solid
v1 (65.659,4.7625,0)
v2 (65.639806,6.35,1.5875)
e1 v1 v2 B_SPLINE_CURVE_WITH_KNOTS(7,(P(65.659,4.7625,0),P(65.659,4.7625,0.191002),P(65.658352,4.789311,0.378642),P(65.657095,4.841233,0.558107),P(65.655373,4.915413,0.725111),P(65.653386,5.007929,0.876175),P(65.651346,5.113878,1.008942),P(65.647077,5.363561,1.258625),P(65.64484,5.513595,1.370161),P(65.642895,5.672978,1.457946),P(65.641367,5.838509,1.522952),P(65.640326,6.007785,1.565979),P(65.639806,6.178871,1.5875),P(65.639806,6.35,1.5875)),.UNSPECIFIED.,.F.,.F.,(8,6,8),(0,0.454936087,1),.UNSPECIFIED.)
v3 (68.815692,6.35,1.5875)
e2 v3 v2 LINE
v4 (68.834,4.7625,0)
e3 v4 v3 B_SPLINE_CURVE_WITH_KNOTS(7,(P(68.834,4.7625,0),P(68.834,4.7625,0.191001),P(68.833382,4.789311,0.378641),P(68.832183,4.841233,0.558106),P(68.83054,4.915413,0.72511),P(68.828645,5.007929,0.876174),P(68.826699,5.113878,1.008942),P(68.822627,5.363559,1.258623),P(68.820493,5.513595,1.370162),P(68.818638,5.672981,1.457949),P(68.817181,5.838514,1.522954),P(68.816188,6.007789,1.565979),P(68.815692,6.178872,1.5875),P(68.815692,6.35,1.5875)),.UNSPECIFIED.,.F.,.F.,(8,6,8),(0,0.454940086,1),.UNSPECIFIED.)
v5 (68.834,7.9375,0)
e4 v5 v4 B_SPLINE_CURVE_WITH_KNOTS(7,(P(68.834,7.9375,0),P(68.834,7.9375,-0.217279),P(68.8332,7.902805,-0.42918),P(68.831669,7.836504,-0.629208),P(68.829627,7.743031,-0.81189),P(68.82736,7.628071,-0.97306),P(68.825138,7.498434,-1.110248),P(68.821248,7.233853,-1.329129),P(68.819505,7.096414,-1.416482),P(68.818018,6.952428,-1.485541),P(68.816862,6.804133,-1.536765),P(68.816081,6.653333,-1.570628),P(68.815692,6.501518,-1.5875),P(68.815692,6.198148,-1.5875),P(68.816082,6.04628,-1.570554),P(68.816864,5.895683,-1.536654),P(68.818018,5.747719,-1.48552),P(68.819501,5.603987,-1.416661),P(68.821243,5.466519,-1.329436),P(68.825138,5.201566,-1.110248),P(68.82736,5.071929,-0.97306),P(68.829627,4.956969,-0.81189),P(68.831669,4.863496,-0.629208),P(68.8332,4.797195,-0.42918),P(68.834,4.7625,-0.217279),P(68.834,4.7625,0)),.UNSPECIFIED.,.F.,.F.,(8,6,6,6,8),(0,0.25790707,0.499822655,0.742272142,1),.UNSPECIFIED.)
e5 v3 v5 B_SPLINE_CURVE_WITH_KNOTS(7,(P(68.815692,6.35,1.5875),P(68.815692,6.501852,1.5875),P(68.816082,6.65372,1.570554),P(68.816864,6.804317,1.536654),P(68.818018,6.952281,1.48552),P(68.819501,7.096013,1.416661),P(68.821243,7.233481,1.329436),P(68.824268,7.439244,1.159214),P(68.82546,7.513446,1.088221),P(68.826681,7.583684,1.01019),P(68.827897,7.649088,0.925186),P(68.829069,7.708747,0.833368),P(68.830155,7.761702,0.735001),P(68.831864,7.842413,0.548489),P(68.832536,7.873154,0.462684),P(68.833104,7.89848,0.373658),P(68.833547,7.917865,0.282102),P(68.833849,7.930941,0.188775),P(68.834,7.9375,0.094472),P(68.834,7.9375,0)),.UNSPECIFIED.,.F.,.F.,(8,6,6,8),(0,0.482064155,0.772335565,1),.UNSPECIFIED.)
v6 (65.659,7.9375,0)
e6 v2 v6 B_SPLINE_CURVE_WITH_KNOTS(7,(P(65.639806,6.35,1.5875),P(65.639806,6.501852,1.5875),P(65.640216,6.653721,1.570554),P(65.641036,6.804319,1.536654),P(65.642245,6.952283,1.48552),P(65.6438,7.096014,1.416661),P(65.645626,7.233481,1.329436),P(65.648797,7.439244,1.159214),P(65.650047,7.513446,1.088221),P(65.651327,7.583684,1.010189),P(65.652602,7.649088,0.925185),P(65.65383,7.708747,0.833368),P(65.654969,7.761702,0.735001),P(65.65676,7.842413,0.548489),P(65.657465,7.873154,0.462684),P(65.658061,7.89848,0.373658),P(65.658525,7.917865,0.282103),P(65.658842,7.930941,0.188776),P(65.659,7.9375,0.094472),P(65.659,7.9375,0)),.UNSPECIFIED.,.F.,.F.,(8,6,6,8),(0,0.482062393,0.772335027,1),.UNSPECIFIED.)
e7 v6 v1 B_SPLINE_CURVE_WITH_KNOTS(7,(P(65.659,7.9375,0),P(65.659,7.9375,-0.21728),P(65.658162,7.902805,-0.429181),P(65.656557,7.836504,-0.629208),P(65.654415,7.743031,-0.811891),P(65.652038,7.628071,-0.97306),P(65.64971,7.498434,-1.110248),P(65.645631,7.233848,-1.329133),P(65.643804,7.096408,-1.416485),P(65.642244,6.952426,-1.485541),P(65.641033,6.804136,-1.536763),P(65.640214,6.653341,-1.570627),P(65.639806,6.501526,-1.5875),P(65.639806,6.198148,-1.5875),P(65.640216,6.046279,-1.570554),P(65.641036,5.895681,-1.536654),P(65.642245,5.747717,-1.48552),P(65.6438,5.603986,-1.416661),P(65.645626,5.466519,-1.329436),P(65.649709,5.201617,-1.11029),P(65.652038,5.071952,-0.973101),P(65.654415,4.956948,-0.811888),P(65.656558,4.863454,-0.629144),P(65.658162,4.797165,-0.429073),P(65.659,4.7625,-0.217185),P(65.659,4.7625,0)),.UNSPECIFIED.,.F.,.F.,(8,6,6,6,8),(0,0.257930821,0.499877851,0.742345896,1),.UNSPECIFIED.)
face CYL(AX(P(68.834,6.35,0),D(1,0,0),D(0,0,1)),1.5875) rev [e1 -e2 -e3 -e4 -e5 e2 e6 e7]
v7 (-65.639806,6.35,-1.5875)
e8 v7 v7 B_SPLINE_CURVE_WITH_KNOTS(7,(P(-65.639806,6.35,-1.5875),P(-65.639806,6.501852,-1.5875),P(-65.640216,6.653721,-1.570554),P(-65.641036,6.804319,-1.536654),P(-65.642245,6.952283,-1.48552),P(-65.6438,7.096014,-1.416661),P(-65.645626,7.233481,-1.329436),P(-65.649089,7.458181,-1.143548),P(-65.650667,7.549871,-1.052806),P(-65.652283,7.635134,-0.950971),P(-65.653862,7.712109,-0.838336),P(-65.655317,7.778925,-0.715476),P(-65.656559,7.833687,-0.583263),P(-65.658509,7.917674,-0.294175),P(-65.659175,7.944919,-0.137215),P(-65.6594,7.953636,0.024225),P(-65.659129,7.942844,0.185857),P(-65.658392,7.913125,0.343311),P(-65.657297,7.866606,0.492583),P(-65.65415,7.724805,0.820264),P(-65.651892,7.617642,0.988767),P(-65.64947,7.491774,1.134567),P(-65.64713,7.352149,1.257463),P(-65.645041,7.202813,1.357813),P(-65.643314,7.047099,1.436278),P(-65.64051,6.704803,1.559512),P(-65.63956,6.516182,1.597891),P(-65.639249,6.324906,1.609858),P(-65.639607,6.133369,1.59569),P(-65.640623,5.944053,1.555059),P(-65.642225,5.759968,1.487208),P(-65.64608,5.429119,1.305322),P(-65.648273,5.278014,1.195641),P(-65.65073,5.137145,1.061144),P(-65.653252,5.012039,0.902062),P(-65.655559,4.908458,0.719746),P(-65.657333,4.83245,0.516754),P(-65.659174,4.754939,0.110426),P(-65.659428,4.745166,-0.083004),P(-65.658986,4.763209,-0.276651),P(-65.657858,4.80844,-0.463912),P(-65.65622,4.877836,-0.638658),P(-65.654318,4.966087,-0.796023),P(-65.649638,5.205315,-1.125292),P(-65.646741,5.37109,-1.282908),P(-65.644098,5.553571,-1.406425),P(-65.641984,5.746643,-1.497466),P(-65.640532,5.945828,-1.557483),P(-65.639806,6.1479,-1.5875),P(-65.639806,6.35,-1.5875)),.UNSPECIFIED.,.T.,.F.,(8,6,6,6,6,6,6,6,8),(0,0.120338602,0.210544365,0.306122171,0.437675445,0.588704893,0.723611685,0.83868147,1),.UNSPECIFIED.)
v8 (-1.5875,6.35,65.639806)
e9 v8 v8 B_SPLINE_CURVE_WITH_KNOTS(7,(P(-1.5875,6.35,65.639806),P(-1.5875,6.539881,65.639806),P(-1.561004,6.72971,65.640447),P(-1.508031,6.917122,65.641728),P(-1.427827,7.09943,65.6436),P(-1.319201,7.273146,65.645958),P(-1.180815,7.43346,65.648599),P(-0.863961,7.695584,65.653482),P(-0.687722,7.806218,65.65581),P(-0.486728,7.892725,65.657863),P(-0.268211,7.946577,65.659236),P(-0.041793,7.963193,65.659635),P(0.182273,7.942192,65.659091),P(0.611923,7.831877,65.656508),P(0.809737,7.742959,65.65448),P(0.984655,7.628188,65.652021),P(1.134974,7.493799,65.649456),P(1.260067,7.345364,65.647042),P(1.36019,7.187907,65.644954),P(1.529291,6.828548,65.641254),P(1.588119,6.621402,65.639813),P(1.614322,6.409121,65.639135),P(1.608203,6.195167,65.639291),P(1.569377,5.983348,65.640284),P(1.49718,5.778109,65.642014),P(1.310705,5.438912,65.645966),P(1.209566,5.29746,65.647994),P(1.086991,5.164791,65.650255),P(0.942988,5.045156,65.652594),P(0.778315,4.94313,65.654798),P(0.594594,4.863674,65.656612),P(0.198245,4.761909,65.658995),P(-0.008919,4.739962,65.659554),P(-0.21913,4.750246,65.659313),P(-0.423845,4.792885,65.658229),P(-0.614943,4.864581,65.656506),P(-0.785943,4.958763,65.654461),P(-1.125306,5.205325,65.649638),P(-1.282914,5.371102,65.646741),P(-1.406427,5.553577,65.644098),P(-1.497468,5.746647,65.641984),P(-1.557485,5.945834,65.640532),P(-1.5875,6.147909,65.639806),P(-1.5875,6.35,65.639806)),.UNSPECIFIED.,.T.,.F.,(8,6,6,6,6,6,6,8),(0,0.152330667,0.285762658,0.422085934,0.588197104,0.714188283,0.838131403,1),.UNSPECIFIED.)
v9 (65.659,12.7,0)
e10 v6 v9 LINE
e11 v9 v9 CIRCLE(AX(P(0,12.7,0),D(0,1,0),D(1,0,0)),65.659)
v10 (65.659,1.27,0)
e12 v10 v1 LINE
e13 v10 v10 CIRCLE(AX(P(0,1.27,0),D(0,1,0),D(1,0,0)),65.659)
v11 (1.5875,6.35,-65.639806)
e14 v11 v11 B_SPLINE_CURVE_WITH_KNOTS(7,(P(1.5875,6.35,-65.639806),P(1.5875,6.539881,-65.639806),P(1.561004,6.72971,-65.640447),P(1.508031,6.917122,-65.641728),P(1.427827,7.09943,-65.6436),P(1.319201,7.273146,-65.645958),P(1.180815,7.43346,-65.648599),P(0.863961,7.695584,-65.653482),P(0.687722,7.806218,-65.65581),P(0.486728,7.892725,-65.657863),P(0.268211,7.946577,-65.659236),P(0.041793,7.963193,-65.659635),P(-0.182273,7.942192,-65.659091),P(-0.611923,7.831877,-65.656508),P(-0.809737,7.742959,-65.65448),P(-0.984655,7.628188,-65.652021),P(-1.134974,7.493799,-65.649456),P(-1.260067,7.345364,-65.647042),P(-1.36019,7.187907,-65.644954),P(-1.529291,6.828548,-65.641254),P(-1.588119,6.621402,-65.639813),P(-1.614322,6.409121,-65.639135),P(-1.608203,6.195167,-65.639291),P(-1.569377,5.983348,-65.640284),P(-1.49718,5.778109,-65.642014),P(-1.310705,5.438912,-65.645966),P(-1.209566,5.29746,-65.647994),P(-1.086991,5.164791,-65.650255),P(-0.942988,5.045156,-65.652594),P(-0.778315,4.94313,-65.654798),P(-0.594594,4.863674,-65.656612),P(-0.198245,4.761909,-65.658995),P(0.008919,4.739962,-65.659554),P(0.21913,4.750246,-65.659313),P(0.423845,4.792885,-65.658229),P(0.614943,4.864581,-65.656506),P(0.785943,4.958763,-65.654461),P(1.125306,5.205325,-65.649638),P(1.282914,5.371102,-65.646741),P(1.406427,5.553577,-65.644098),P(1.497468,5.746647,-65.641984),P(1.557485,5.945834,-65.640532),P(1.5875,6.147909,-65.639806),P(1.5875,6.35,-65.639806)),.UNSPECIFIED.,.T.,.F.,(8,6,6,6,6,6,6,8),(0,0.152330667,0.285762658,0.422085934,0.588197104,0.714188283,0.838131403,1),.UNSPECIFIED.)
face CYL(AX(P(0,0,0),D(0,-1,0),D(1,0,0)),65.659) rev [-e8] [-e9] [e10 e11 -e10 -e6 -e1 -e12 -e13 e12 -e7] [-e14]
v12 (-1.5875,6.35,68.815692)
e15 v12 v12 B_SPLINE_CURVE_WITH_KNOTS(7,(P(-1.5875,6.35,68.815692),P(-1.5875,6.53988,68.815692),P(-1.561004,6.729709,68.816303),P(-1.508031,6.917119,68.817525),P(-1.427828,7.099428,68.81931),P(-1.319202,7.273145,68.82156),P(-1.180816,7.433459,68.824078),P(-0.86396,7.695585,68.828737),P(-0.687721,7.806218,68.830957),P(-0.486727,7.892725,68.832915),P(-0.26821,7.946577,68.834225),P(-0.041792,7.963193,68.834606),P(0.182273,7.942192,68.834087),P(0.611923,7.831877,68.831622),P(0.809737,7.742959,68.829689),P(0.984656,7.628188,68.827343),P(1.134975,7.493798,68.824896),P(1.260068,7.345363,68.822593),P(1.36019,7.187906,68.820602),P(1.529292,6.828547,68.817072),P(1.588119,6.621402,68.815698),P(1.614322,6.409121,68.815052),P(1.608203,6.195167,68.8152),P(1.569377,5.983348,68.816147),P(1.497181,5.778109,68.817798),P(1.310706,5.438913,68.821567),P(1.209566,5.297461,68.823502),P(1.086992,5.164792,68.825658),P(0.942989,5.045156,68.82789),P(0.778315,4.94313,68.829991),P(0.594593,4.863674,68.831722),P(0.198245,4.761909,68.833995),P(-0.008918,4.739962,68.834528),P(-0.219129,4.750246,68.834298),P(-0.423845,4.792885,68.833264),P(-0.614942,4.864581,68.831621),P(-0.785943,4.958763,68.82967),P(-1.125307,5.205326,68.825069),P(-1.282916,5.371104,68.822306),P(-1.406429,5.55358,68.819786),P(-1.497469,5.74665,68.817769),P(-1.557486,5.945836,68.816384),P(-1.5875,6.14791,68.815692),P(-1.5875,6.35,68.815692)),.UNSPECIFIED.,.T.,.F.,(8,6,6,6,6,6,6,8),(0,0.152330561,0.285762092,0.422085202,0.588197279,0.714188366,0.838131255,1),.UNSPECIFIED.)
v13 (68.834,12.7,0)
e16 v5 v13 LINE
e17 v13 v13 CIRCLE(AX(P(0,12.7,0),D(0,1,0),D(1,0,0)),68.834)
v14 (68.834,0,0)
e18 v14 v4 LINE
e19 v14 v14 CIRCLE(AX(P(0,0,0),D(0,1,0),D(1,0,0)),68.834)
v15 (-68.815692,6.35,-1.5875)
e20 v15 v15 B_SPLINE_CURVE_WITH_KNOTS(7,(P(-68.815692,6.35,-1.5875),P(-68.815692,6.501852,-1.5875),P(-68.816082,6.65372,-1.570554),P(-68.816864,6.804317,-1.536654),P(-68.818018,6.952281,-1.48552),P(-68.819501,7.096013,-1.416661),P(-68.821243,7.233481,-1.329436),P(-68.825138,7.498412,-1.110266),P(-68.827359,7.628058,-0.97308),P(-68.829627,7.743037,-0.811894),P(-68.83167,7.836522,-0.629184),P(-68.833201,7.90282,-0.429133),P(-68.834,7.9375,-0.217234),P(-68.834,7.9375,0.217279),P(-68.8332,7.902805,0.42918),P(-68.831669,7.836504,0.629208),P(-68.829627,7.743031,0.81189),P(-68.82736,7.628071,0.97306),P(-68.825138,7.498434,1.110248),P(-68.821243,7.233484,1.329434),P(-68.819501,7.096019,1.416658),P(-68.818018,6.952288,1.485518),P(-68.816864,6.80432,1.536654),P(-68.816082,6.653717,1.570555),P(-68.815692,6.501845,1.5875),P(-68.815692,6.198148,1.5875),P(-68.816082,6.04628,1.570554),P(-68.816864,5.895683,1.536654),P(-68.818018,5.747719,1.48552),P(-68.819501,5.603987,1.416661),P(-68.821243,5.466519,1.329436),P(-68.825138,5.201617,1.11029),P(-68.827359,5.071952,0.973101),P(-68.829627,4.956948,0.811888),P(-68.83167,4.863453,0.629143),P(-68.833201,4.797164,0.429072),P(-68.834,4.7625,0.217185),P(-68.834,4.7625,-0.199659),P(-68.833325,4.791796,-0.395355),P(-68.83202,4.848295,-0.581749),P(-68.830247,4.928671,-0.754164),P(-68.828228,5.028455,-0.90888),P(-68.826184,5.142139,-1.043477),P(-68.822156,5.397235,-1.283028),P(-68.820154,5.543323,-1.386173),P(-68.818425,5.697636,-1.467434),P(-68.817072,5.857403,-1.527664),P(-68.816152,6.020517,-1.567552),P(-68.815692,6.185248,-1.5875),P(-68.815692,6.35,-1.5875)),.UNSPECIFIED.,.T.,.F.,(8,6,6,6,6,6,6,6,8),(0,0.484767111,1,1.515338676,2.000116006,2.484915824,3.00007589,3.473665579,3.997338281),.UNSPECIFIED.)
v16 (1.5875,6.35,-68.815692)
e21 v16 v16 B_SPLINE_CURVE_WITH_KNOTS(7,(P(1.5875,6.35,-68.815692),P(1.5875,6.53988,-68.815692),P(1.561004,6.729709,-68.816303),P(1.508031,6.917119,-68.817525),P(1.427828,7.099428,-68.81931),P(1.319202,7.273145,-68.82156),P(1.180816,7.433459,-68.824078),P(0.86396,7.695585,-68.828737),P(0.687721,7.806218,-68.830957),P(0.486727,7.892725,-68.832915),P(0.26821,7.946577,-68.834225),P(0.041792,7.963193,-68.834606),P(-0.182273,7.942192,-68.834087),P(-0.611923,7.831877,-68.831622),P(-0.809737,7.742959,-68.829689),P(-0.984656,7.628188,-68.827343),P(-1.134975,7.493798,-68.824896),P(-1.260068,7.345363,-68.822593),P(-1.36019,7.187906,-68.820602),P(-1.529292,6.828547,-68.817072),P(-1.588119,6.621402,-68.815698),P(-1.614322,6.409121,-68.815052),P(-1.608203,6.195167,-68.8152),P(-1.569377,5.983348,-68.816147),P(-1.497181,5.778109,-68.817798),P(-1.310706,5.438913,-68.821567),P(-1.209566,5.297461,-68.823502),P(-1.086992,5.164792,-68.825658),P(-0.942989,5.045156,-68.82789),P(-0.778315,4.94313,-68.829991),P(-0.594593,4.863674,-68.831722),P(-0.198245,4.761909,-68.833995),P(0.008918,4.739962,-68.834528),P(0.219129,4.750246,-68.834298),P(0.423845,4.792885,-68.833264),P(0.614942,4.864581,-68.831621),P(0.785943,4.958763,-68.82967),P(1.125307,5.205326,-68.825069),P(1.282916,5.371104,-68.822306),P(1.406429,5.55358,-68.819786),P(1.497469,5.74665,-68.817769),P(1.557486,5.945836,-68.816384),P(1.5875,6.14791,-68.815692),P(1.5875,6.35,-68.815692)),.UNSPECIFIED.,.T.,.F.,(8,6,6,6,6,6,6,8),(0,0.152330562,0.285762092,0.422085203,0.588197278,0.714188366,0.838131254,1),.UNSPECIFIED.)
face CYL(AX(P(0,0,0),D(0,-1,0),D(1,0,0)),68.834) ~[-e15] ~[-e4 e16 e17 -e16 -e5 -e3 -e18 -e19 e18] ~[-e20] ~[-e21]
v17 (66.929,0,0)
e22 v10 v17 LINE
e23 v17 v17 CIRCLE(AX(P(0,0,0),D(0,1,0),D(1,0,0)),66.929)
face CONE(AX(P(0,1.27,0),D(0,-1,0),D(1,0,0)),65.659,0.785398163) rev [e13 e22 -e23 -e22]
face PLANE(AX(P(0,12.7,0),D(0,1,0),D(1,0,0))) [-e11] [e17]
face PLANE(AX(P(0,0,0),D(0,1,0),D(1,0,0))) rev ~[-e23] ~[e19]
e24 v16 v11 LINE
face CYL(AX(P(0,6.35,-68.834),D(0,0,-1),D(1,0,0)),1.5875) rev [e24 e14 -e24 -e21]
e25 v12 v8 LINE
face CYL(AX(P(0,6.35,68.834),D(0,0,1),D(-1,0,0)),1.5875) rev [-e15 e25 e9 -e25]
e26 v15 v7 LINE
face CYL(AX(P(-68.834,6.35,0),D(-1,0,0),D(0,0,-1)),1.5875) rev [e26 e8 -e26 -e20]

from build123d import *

# Parameters (mm, degrees)
SKETCH1_R           = 68.834
SKETCH1_R_2         = 65.659
BOSS_EXTRUDE1_DEPTH = 12.7
CUT_EXTRUDE1_START  = -68.834
SKETCH2_R           = 1.5875
CUT_EXTRUDE1_DEPTH  = 3.194194
CIRPATTERN1_COUNT   = 4
CHAMFER1_SIZE       = 1.27


with BuildPart() as part:
    # Sketch1 → Boss-Extrude1 (new body)
    with BuildSketch(Plane(origin=(0, 0, 0), x_dir=(1, 0, 0), z_dir=(0, 1, 0))):
        Circle(SKETCH1_R)
        Circle(SKETCH1_R_2, mode=Mode.SUBTRACT)
    extrude(amount=BOSS_EXTRUDE1_DEPTH)

    # Sketch2 → Cut-Extrude1 (cut)
    with BuildSketch(Plane.XY.offset(CUT_EXTRUDE1_START)):
        with Locations((0, 6.35)):
            Circle(SKETCH2_R)
    cut_extrude1 = extrude(amount=CUT_EXTRUDE1_DEPTH, mode=Mode.SUBTRACT)

    # CirPattern1: Cut-Extrude1 ×4 about axis
    cirpattern1_axis = Axis((0, 12.7, 0), (0, -1, 0))
    for i in range(1, CIRPATTERN1_COUNT):
        add(cut_extrude1.rotate(cirpattern1_axis, i * 360 / CIRPATTERN1_COUNT), mode=Mode.SUBTRACT)

    # Chamfer1
    chamfer1_edges = [part.edges().sort_by_distance(p)[0] for p in [
        (-65.659, 0, 0),
    ]]
    chamfer(chamfer1_edges, length=CHAMFER1_SIZE)


solid = part.part
